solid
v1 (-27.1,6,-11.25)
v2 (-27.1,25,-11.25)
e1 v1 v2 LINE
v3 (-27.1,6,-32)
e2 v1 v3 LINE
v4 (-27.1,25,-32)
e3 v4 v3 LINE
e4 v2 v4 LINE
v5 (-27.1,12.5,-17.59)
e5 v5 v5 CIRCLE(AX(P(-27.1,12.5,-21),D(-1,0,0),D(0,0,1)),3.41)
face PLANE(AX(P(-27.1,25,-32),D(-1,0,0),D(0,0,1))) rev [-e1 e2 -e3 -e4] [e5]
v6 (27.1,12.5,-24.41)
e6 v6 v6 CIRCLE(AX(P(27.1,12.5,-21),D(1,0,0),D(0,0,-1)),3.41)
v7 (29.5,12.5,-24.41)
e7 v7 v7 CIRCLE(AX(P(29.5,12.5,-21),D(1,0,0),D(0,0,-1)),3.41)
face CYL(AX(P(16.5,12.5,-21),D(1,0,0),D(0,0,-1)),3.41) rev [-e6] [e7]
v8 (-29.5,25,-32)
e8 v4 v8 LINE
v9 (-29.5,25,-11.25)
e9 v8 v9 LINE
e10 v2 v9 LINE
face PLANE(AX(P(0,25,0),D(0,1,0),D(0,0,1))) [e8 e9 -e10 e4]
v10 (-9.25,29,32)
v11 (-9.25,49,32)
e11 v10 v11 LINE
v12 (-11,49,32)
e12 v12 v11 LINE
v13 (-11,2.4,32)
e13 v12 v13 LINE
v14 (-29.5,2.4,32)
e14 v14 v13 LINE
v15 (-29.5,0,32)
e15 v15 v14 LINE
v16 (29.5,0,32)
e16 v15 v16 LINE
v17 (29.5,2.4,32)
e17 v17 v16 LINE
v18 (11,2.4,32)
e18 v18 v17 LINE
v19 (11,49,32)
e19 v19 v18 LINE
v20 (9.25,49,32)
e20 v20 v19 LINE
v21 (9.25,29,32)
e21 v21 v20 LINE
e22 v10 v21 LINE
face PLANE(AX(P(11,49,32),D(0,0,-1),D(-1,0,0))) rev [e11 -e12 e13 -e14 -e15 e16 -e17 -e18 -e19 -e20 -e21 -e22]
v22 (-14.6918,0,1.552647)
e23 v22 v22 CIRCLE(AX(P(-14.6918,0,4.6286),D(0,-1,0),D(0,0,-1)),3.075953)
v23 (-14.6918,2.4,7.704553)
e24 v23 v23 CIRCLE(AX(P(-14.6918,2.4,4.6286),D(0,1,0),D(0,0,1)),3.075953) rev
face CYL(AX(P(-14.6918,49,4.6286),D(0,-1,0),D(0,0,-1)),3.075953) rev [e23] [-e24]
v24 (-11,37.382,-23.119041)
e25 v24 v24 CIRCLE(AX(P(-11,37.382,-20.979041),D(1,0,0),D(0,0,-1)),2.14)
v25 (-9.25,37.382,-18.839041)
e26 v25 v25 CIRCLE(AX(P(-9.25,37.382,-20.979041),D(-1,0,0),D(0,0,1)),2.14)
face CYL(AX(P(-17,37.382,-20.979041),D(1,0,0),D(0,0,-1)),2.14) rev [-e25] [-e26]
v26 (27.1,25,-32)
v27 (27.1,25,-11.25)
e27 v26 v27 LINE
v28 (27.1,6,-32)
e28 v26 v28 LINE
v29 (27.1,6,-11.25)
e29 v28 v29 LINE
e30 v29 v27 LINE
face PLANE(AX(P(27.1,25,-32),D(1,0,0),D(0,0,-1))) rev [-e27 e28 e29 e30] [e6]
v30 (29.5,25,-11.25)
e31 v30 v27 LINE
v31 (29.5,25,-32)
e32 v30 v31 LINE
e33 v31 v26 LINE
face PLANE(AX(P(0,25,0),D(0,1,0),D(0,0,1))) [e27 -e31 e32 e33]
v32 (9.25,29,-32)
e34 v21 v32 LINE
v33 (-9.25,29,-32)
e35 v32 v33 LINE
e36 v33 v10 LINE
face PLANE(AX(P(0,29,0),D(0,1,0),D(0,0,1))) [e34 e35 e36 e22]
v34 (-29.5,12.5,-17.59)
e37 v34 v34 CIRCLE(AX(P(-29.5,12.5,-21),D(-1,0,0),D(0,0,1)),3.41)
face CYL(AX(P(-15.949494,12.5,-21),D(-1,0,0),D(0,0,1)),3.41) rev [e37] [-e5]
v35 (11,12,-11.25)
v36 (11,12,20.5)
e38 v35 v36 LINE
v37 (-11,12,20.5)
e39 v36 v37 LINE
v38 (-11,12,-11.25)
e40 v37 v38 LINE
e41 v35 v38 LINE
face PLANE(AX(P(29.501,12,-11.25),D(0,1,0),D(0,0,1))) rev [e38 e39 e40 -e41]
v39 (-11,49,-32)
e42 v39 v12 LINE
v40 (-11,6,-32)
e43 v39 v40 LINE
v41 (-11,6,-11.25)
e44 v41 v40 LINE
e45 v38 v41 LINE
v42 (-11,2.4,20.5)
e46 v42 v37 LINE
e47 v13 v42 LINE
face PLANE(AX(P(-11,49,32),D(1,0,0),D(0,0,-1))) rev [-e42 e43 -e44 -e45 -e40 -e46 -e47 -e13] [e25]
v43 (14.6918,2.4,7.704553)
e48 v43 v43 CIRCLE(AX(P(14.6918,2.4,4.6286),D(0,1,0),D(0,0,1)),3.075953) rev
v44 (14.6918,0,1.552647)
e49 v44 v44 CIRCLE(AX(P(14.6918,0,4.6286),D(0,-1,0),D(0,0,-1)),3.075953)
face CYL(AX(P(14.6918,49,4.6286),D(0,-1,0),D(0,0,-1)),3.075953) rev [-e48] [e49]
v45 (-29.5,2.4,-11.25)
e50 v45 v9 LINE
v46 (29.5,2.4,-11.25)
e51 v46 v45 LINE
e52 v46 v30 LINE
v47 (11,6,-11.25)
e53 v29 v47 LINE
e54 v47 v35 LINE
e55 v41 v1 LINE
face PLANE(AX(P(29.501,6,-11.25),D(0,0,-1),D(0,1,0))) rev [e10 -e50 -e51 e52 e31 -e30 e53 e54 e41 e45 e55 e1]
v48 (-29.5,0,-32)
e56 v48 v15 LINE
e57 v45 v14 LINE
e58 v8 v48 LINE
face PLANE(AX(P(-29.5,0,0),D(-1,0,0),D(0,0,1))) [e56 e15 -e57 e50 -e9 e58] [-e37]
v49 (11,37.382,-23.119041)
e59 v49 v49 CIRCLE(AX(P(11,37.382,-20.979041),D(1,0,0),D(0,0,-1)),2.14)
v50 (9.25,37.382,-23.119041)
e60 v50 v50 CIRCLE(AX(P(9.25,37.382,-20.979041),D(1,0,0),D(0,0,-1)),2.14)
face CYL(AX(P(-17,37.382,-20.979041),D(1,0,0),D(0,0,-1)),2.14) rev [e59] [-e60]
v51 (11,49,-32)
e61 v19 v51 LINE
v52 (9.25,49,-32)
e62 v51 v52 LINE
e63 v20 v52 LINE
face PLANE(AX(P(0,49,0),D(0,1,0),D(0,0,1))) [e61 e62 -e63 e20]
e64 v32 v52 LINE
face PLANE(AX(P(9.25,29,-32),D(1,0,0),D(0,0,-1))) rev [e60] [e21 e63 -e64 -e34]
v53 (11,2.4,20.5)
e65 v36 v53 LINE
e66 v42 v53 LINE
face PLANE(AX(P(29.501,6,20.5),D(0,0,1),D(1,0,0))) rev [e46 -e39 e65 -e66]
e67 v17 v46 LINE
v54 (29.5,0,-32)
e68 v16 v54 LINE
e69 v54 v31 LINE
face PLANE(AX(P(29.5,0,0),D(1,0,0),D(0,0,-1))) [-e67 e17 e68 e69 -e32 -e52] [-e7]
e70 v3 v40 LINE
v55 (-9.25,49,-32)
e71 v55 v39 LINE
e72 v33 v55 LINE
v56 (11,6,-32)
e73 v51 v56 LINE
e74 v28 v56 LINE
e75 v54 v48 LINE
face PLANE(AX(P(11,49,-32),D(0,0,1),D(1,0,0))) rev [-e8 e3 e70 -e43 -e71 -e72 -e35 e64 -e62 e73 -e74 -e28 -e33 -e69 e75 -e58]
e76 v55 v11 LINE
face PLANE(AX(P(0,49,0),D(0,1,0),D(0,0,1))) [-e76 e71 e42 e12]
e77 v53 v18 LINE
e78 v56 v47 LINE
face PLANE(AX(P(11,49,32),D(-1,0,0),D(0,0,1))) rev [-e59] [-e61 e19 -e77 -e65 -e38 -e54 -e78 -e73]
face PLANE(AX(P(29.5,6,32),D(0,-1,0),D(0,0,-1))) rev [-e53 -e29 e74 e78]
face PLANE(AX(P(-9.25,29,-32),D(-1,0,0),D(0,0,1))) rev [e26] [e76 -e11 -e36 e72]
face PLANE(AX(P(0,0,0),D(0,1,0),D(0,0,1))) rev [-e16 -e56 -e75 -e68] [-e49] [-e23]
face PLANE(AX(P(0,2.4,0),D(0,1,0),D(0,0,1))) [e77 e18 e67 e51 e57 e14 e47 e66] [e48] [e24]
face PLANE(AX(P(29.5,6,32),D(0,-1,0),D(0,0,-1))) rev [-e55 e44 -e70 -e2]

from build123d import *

# Parameters (mm, degrees)
SKETCH1_W           = 22
SKETCH1_H           = 64
BOSS_EXTRUDE2_DEPTH = 49
SKETCH3_W           = 18.5
SKETCH3_H           = 64
CUT_EXTRUDE1_DEPTH  = 20
SKETCH4_R           = 2.14
CUT_EXTRUDE2_DEPTH  = 28
SKETCH5_W           = 64
SKETCH5_H           = 6
BOSS_EXTRUDE3_DEPTH = 18.5
SKETCH6_W           = 2.4
SKETCH6_H           = 64
BOSS_EXTRUDE4_DEPTH = 19
SKETCH7_R           = 3.41
CUT_EXTRUDE3_DEPTH  = 13
SKETCH8_W           = 64
SKETCH8_H           = 6
BOSS_EXTRUDE5_DEPTH = 18.5
SKETCH9_W           = 2.4
SKETCH9_H           = 64
BOSS_EXTRUDE6_DEPTH = 19
SKETCH10_R          = 3.41
CUT_EXTRUDE4_DEPTH  = 13.550505831
SKETCH12_R          = 3.075953135
CUT_EXTRUDE6_DEPTH  = 50
CUT_EXTRUDE7_REACH  = 42.5
SKETCH13_W          = 31.75
SKETCH13_H          = 6
SKETCH15_W          = 2.4
SKETCH15_H          = 43.25
CUT_EXTRUDE8_DEPTH  = 19
SKETCH16_W          = 2.4
SKETCH16_H          = 43.25
CUT_EXTRUDE9_DEPTH  = 19
SKETCH17_R          = 3.075953135
SKETCH17_W          = 18.5
SKETCH17_H          = 11.5
CUT_EXTRUDE10_DEPTH = 3.6


with BuildPart() as part:
    # Sketch1 → Boss-Extrude2 (new body)
    with BuildSketch(Plane(origin=(0, 0, 0), x_dir=(1, 0, 0), z_dir=(0, 1, 0))):
        Rectangle(SKETCH1_W, SKETCH1_H)
    extrude(amount=BOSS_EXTRUDE2_DEPTH)

    # Sketch3 → Cut-Extrude1 (cut)
    with BuildSketch(Plane(origin=(0, 49, 0), x_dir=(1, 0, 0), z_dir=(0, 1, 0))):
        Rectangle(SKETCH3_W, SKETCH3_H)
    extrude(amount=-CUT_EXTRUDE1_DEPTH, mode=Mode.SUBTRACT)

    # Sketch4 → Cut-Extrude2 (cut)
    with BuildSketch(Plane(origin=(11, 0, 0), x_dir=(0, 0, -1), z_dir=(1, 0, 0))):
        with Locations((20.979041052, 37.382)):
            Circle(SKETCH4_R)
    extrude(amount=-CUT_EXTRUDE2_DEPTH, mode=Mode.SUBTRACT)

    # Sketch5 → Boss-Extrude3 (add)
    with BuildSketch(Plane(origin=(11, 0, 0), x_dir=(0, 0, -1), z_dir=(1, 0, 0))):
        with Locations((0, 3)):
            Rectangle(SKETCH5_W, SKETCH5_H)
    extrude(amount=BOSS_EXTRUDE3_DEPTH)

    # Sketch6 → Boss-Extrude4 (add)
    with BuildSketch(Plane(origin=(0, 6, 0), x_dir=(1, 0, 0), z_dir=(0, 1, 0))):
        with Locations((28.3, 0)):
            Rectangle(SKETCH6_W, SKETCH6_H)
    extrude(amount=BOSS_EXTRUDE4_DEPTH)

    # Sketch7 → Cut-Extrude3 (cut)
    with BuildSketch(Plane(origin=(29.5, 0, 0), x_dir=(0, 0, -1), z_dir=(1, 0, 0))):
        with Locations((21, 12.5)):
            Circle(SKETCH7_R)
    extrude(amount=-CUT_EXTRUDE3_DEPTH, mode=Mode.SUBTRACT)

    # Sketch8 → Boss-Extrude5 (add)
    with BuildSketch(Plane.ZY.offset(11)):
        with Locations((0, 3)):
            Rectangle(SKETCH8_W, SKETCH8_H)
    extrude(amount=BOSS_EXTRUDE5_DEPTH)

    # Sketch9 → Boss-Extrude6 (add)
    with BuildSketch(Plane(origin=(0, 6, 0), x_dir=(1, 0, 0), z_dir=(0, 1, 0))):
        with Locations((-28.3, 0)):
            Rectangle(SKETCH9_W, SKETCH9_H)
    extrude(amount=BOSS_EXTRUDE6_DEPTH)

    # Sketch10 → Cut-Extrude4 (cut)
    with BuildSketch(Plane.ZY.offset(29.5)):
        with Locations((-21, 12.5)):
            Circle(SKETCH10_R)
    extrude(amount=-CUT_EXTRUDE4_DEPTH, mode=Mode.SUBTRACT)

    # Sketch12 → Cut-Extrude6 (cut, through all)
    with BuildSketch(Plane(origin=(0, 0, 0), x_dir=(-1, 0, 0), z_dir=(0, -1, 0))):
        with Locations((14.6918, -4.628600023)):
            Circle(SKETCH12_R)
        with Locations((-14.6918, -4.628600023)):
            Circle(SKETCH12_R)
    extrude(amount=-CUT_EXTRUDE6_DEPTH, mode=Mode.SUBTRACT)

    # Sketch13 → Cut-Extrude7 (cut, up to next)
    with BuildSketch(Plane.ZY.offset(11), mode=Mode.PRIVATE) as cut_extrude7_sk1:
        with Locations((4.625, 9)):
            Rectangle(SKETCH13_W, SKETCH13_H)
    cut_extrude7_tool1 = extrude(cut_extrude7_sk1.sketch, amount=-CUT_EXTRUDE7_REACH, mode=Mode.PRIVATE) & part.part
    add(cut_extrude7_tool1.solids().sort_by_distance((-11, 9, 4.625))[0], mode=Mode.SUBTRACT)

    # Sketch15 → Cut-Extrude8 (cut)
    with BuildSketch(Plane(origin=(0, 25, 0), x_dir=(1, 0, 0), z_dir=(0, 1, 0))):
        with Locations((-28.3, -10.375)):
            Rectangle(SKETCH15_W, SKETCH15_H)
    extrude(amount=-CUT_EXTRUDE8_DEPTH, mode=Mode.SUBTRACT)

    # Sketch16 → Cut-Extrude9 (cut)
    with BuildSketch(Plane(origin=(0, 25, 0), x_dir=(1, 0, 0), z_dir=(0, 1, 0))):
        with Locations((28.3, -10.375)):
            Rectangle(SKETCH16_W, SKETCH16_H)
    extrude(amount=-CUT_EXTRUDE9_DEPTH, mode=Mode.SUBTRACT)

    # Sketch17 → Cut-Extrude10 (cut)
    with BuildSketch(Plane(origin=(0, 6, 0), x_dir=(1, 0, 0), z_dir=(0, 1, 0))):
        Polygon((-27.1, 11.25), (-29.5, 11.25), (-29.5, -20.5), (-11, -20.5), (11, -20.5), (29.5, -20.5), (29.5, 11.25), (27.1, 11.25), (11, 11.25), (-11, 11.25), align=None)
        with Locations((-14.6918, -4.628600023)):
            Circle(SKETCH17_R, mode=Mode.SUBTRACT)
        with Locations((14.6918, -4.628600023)):
            Circle(SKETCH17_R, mode=Mode.SUBTRACT)
        with Locations((-20.25, -26.25)):
            Rectangle(SKETCH17_W, SKETCH17_H)
        with Locations((20.25, -26.25)):
            Rectangle(SKETCH17_W, SKETCH17_H)
    extrude(amount=-CUT_EXTRUDE10_DEPTH, mode=Mode.SUBTRACT)


solid = part.part
